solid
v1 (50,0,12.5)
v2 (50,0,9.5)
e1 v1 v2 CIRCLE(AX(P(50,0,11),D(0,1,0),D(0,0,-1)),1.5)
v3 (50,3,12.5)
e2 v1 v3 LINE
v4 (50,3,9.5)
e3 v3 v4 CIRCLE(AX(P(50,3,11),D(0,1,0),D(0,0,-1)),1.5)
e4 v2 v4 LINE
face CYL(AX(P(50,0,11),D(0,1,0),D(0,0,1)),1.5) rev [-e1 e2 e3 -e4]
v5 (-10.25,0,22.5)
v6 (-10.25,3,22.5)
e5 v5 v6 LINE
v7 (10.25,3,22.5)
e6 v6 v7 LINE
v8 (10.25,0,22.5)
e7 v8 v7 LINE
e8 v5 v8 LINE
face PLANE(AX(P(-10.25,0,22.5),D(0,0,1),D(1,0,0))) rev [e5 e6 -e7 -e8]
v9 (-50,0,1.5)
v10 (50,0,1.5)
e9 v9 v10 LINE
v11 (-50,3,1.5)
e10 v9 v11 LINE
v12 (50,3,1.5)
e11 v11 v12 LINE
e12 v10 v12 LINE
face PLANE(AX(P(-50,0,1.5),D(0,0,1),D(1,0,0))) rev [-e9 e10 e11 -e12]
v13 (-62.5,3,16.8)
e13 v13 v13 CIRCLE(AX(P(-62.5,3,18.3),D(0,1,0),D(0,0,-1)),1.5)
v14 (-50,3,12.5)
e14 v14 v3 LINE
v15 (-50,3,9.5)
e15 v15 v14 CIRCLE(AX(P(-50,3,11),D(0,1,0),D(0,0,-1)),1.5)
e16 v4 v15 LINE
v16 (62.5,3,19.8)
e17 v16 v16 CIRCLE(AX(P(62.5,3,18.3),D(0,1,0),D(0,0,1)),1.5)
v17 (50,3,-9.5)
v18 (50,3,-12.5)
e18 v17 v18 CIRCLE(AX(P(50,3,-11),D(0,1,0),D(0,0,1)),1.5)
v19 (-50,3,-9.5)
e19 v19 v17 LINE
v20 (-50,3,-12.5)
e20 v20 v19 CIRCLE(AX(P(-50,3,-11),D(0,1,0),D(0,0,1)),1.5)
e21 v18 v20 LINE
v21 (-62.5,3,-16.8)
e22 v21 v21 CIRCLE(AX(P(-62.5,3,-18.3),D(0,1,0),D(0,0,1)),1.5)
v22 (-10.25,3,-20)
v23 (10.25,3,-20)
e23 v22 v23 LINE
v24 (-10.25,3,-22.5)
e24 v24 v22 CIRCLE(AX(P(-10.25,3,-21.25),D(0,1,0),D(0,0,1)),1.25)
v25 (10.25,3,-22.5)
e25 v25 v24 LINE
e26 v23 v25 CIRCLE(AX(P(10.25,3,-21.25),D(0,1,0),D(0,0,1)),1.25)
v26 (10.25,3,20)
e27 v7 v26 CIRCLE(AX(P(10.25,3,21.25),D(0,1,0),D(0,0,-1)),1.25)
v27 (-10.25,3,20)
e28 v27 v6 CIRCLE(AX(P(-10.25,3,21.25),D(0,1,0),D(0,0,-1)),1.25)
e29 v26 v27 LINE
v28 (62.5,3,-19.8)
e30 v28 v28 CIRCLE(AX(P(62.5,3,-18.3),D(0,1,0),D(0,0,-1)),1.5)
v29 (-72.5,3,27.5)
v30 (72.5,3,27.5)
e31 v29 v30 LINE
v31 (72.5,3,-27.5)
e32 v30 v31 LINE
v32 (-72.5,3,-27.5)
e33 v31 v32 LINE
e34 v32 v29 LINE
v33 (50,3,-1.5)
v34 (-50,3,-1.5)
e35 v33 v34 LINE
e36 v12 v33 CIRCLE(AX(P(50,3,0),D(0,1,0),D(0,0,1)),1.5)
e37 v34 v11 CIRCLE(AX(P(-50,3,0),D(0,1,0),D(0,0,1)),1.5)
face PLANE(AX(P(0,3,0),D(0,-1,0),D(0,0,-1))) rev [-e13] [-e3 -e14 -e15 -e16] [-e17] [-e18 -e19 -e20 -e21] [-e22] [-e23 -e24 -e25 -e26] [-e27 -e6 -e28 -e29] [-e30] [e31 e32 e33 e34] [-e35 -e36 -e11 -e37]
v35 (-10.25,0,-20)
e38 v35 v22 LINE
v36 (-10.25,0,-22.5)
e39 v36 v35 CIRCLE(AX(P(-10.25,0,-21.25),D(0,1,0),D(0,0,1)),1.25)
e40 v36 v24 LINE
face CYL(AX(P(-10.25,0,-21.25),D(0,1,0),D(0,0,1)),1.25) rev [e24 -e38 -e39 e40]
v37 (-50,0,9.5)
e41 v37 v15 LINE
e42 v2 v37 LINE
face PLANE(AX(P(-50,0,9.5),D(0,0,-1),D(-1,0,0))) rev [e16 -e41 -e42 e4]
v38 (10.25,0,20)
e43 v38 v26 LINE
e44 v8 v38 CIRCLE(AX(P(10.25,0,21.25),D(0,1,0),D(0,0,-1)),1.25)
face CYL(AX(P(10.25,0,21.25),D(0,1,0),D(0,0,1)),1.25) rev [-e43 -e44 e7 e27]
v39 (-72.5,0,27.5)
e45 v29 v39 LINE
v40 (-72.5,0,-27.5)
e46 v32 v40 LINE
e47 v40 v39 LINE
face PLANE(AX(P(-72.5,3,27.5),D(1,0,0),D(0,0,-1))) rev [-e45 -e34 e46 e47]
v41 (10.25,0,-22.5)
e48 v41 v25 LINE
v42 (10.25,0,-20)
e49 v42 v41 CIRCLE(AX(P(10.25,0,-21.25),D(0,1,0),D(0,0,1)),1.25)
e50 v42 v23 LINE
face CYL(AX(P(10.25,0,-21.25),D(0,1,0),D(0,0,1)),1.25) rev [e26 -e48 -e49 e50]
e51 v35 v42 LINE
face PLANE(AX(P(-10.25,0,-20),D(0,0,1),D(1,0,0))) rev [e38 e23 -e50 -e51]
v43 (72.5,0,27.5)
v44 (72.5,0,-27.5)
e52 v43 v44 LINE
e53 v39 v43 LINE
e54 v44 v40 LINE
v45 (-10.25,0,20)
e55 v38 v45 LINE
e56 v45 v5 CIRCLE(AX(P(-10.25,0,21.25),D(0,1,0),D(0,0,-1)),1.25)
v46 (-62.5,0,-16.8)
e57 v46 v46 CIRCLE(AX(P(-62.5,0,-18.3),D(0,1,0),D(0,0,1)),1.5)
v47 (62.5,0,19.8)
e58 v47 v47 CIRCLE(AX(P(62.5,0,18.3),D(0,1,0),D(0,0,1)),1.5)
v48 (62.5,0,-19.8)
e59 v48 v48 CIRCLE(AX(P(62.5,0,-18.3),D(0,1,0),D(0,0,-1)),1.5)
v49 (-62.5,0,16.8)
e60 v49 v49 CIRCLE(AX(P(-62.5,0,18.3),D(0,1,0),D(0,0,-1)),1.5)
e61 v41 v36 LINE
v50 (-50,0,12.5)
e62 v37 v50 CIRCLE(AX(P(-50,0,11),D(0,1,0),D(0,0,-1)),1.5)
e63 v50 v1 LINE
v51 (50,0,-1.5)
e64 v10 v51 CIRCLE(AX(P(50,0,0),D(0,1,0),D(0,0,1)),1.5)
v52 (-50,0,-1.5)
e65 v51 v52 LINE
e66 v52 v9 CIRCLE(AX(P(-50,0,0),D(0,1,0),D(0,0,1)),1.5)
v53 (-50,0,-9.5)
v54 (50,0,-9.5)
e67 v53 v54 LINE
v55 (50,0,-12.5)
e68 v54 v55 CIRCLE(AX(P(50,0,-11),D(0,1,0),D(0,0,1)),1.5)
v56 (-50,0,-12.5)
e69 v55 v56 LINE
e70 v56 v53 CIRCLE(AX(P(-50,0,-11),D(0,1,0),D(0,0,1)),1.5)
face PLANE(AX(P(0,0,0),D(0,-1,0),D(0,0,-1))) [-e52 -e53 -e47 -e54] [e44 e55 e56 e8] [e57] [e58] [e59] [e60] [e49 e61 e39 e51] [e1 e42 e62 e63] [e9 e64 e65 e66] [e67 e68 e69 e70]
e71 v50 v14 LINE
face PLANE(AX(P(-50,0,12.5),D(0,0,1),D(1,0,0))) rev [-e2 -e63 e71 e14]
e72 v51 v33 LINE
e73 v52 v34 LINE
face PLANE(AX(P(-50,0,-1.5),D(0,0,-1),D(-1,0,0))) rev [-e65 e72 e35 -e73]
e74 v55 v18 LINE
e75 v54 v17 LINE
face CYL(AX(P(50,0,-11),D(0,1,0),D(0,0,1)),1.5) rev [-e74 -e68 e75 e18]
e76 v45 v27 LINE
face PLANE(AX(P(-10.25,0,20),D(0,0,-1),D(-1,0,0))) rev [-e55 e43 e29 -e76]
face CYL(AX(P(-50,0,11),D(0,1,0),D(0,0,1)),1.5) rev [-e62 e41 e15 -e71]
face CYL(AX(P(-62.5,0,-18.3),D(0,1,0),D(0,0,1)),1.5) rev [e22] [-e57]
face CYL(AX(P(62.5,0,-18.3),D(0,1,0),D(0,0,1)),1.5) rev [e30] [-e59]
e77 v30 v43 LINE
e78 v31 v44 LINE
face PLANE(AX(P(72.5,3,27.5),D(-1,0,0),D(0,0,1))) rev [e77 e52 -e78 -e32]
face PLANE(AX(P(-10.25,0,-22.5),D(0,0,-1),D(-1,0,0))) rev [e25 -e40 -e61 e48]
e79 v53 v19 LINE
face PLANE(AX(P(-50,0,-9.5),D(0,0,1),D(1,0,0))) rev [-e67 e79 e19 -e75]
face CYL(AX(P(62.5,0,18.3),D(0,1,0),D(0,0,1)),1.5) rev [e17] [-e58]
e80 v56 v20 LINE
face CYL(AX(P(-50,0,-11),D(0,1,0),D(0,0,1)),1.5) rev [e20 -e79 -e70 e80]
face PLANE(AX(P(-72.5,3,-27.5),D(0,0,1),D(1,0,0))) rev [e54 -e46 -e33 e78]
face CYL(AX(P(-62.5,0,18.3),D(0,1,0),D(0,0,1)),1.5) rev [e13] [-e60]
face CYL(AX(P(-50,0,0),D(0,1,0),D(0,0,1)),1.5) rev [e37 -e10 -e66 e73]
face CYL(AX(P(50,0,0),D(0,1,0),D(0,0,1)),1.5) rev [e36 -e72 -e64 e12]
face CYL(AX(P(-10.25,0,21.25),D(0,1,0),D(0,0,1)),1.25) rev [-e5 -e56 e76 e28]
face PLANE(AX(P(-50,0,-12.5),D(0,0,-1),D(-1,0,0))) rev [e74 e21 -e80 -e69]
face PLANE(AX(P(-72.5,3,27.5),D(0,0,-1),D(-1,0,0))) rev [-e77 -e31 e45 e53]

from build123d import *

# Parameters (mm, degrees)
ESBO_O1_W                = 145
ESBO_O1_H                = 55
RESSALTO_EXTRUS_O1_DEPTH = 3
ESBO_O2_R                = 1.5
CORTE_EXTRUS_O1_DEPTH    = 3


with BuildPart() as part:
    # Esboço1 → Ressalto-extrusão1 (new body)
    with BuildSketch(Plane(origin=(0, 0, 0), x_dir=(1, 0, 0), z_dir=(0, 1, 0))):
        Rectangle(ESBO_O1_W, ESBO_O1_H)
    extrude(amount=RESSALTO_EXTRUS_O1_DEPTH)

    # Esboço2 → Corte-extrusão1 (cut)
    with BuildSketch(Plane(origin=(0, 3, 0), x_dir=(1, 0, 0), z_dir=(0, 1, 0))):
        with Locations(Location((-62.5, 18.3, 0), (0, 0, 270))):
            Circle(ESBO_O2_R)
        with Locations(Location((-62.5, -18.3, 0), (0, 0, 90))):
            Circle(ESBO_O2_R)
        with Locations(Location((62.5, -18.3, 0), (0, 0, 270))):
            Circle(ESBO_O2_R)
        with Locations(Location((62.5, 18.3, 0), (0, 0, 90))):
            Circle(ESBO_O2_R)
        with BuildLine():
            Line((-10.25, 22.5), (10.25, 22.5))
            ThreePointArc((10.25, 22.5), (11.5, 21.25), (10.25, 20))
            Line((10.25, 20), (-10.25, 20))
            ThreePointArc((-10.25, 20), (-11.5, 21.25), (-10.25, 22.5))
        make_face()
        with BuildLine():
            Line((-50, 12.5), (50, 12.5))
            ThreePointArc((50, 12.5), (51.5, 11), (50, 9.5))
            Line((50, 9.5), (-50, 9.5))
            ThreePointArc((-50, 9.5), (-51.5, 11), (-50, 12.5))
        make_face()
        with BuildLine():
            Line((-10.25, -22.5), (10.25, -22.5))
            ThreePointArc((10.25, -22.5), (11.5, -21.25), (10.25, -20))
            Line((10.25, -20), (-10.25, -20))
            ThreePointArc((-10.25, -20), (-11.5, -21.25), (-10.25, -22.5))
        make_face()
        with BuildLine():
            Line((-50, -12.5), (50, -12.5))
            ThreePointArc((50, -12.5), (51.5, -11), (50, -9.5))
            Line((50, -9.5), (-50, -9.5))
            ThreePointArc((-50, -9.5), (-51.5, -11), (-50, -12.5))
        make_face()
        with BuildLine():
            Line((-50, 1.5), (50, 1.5))
            ThreePointArc((50, 1.5), (51.5, 0), (50, -1.5))
            Line((50, -1.5), (-50, -1.5))
            ThreePointArc((-50, -1.5), (-51.5, 0), (-50, 1.5))
        make_face()
    extrude(amount=-CORTE_EXTRUS_O1_DEPTH, mode=Mode.SUBTRACT)


solid = part.part
